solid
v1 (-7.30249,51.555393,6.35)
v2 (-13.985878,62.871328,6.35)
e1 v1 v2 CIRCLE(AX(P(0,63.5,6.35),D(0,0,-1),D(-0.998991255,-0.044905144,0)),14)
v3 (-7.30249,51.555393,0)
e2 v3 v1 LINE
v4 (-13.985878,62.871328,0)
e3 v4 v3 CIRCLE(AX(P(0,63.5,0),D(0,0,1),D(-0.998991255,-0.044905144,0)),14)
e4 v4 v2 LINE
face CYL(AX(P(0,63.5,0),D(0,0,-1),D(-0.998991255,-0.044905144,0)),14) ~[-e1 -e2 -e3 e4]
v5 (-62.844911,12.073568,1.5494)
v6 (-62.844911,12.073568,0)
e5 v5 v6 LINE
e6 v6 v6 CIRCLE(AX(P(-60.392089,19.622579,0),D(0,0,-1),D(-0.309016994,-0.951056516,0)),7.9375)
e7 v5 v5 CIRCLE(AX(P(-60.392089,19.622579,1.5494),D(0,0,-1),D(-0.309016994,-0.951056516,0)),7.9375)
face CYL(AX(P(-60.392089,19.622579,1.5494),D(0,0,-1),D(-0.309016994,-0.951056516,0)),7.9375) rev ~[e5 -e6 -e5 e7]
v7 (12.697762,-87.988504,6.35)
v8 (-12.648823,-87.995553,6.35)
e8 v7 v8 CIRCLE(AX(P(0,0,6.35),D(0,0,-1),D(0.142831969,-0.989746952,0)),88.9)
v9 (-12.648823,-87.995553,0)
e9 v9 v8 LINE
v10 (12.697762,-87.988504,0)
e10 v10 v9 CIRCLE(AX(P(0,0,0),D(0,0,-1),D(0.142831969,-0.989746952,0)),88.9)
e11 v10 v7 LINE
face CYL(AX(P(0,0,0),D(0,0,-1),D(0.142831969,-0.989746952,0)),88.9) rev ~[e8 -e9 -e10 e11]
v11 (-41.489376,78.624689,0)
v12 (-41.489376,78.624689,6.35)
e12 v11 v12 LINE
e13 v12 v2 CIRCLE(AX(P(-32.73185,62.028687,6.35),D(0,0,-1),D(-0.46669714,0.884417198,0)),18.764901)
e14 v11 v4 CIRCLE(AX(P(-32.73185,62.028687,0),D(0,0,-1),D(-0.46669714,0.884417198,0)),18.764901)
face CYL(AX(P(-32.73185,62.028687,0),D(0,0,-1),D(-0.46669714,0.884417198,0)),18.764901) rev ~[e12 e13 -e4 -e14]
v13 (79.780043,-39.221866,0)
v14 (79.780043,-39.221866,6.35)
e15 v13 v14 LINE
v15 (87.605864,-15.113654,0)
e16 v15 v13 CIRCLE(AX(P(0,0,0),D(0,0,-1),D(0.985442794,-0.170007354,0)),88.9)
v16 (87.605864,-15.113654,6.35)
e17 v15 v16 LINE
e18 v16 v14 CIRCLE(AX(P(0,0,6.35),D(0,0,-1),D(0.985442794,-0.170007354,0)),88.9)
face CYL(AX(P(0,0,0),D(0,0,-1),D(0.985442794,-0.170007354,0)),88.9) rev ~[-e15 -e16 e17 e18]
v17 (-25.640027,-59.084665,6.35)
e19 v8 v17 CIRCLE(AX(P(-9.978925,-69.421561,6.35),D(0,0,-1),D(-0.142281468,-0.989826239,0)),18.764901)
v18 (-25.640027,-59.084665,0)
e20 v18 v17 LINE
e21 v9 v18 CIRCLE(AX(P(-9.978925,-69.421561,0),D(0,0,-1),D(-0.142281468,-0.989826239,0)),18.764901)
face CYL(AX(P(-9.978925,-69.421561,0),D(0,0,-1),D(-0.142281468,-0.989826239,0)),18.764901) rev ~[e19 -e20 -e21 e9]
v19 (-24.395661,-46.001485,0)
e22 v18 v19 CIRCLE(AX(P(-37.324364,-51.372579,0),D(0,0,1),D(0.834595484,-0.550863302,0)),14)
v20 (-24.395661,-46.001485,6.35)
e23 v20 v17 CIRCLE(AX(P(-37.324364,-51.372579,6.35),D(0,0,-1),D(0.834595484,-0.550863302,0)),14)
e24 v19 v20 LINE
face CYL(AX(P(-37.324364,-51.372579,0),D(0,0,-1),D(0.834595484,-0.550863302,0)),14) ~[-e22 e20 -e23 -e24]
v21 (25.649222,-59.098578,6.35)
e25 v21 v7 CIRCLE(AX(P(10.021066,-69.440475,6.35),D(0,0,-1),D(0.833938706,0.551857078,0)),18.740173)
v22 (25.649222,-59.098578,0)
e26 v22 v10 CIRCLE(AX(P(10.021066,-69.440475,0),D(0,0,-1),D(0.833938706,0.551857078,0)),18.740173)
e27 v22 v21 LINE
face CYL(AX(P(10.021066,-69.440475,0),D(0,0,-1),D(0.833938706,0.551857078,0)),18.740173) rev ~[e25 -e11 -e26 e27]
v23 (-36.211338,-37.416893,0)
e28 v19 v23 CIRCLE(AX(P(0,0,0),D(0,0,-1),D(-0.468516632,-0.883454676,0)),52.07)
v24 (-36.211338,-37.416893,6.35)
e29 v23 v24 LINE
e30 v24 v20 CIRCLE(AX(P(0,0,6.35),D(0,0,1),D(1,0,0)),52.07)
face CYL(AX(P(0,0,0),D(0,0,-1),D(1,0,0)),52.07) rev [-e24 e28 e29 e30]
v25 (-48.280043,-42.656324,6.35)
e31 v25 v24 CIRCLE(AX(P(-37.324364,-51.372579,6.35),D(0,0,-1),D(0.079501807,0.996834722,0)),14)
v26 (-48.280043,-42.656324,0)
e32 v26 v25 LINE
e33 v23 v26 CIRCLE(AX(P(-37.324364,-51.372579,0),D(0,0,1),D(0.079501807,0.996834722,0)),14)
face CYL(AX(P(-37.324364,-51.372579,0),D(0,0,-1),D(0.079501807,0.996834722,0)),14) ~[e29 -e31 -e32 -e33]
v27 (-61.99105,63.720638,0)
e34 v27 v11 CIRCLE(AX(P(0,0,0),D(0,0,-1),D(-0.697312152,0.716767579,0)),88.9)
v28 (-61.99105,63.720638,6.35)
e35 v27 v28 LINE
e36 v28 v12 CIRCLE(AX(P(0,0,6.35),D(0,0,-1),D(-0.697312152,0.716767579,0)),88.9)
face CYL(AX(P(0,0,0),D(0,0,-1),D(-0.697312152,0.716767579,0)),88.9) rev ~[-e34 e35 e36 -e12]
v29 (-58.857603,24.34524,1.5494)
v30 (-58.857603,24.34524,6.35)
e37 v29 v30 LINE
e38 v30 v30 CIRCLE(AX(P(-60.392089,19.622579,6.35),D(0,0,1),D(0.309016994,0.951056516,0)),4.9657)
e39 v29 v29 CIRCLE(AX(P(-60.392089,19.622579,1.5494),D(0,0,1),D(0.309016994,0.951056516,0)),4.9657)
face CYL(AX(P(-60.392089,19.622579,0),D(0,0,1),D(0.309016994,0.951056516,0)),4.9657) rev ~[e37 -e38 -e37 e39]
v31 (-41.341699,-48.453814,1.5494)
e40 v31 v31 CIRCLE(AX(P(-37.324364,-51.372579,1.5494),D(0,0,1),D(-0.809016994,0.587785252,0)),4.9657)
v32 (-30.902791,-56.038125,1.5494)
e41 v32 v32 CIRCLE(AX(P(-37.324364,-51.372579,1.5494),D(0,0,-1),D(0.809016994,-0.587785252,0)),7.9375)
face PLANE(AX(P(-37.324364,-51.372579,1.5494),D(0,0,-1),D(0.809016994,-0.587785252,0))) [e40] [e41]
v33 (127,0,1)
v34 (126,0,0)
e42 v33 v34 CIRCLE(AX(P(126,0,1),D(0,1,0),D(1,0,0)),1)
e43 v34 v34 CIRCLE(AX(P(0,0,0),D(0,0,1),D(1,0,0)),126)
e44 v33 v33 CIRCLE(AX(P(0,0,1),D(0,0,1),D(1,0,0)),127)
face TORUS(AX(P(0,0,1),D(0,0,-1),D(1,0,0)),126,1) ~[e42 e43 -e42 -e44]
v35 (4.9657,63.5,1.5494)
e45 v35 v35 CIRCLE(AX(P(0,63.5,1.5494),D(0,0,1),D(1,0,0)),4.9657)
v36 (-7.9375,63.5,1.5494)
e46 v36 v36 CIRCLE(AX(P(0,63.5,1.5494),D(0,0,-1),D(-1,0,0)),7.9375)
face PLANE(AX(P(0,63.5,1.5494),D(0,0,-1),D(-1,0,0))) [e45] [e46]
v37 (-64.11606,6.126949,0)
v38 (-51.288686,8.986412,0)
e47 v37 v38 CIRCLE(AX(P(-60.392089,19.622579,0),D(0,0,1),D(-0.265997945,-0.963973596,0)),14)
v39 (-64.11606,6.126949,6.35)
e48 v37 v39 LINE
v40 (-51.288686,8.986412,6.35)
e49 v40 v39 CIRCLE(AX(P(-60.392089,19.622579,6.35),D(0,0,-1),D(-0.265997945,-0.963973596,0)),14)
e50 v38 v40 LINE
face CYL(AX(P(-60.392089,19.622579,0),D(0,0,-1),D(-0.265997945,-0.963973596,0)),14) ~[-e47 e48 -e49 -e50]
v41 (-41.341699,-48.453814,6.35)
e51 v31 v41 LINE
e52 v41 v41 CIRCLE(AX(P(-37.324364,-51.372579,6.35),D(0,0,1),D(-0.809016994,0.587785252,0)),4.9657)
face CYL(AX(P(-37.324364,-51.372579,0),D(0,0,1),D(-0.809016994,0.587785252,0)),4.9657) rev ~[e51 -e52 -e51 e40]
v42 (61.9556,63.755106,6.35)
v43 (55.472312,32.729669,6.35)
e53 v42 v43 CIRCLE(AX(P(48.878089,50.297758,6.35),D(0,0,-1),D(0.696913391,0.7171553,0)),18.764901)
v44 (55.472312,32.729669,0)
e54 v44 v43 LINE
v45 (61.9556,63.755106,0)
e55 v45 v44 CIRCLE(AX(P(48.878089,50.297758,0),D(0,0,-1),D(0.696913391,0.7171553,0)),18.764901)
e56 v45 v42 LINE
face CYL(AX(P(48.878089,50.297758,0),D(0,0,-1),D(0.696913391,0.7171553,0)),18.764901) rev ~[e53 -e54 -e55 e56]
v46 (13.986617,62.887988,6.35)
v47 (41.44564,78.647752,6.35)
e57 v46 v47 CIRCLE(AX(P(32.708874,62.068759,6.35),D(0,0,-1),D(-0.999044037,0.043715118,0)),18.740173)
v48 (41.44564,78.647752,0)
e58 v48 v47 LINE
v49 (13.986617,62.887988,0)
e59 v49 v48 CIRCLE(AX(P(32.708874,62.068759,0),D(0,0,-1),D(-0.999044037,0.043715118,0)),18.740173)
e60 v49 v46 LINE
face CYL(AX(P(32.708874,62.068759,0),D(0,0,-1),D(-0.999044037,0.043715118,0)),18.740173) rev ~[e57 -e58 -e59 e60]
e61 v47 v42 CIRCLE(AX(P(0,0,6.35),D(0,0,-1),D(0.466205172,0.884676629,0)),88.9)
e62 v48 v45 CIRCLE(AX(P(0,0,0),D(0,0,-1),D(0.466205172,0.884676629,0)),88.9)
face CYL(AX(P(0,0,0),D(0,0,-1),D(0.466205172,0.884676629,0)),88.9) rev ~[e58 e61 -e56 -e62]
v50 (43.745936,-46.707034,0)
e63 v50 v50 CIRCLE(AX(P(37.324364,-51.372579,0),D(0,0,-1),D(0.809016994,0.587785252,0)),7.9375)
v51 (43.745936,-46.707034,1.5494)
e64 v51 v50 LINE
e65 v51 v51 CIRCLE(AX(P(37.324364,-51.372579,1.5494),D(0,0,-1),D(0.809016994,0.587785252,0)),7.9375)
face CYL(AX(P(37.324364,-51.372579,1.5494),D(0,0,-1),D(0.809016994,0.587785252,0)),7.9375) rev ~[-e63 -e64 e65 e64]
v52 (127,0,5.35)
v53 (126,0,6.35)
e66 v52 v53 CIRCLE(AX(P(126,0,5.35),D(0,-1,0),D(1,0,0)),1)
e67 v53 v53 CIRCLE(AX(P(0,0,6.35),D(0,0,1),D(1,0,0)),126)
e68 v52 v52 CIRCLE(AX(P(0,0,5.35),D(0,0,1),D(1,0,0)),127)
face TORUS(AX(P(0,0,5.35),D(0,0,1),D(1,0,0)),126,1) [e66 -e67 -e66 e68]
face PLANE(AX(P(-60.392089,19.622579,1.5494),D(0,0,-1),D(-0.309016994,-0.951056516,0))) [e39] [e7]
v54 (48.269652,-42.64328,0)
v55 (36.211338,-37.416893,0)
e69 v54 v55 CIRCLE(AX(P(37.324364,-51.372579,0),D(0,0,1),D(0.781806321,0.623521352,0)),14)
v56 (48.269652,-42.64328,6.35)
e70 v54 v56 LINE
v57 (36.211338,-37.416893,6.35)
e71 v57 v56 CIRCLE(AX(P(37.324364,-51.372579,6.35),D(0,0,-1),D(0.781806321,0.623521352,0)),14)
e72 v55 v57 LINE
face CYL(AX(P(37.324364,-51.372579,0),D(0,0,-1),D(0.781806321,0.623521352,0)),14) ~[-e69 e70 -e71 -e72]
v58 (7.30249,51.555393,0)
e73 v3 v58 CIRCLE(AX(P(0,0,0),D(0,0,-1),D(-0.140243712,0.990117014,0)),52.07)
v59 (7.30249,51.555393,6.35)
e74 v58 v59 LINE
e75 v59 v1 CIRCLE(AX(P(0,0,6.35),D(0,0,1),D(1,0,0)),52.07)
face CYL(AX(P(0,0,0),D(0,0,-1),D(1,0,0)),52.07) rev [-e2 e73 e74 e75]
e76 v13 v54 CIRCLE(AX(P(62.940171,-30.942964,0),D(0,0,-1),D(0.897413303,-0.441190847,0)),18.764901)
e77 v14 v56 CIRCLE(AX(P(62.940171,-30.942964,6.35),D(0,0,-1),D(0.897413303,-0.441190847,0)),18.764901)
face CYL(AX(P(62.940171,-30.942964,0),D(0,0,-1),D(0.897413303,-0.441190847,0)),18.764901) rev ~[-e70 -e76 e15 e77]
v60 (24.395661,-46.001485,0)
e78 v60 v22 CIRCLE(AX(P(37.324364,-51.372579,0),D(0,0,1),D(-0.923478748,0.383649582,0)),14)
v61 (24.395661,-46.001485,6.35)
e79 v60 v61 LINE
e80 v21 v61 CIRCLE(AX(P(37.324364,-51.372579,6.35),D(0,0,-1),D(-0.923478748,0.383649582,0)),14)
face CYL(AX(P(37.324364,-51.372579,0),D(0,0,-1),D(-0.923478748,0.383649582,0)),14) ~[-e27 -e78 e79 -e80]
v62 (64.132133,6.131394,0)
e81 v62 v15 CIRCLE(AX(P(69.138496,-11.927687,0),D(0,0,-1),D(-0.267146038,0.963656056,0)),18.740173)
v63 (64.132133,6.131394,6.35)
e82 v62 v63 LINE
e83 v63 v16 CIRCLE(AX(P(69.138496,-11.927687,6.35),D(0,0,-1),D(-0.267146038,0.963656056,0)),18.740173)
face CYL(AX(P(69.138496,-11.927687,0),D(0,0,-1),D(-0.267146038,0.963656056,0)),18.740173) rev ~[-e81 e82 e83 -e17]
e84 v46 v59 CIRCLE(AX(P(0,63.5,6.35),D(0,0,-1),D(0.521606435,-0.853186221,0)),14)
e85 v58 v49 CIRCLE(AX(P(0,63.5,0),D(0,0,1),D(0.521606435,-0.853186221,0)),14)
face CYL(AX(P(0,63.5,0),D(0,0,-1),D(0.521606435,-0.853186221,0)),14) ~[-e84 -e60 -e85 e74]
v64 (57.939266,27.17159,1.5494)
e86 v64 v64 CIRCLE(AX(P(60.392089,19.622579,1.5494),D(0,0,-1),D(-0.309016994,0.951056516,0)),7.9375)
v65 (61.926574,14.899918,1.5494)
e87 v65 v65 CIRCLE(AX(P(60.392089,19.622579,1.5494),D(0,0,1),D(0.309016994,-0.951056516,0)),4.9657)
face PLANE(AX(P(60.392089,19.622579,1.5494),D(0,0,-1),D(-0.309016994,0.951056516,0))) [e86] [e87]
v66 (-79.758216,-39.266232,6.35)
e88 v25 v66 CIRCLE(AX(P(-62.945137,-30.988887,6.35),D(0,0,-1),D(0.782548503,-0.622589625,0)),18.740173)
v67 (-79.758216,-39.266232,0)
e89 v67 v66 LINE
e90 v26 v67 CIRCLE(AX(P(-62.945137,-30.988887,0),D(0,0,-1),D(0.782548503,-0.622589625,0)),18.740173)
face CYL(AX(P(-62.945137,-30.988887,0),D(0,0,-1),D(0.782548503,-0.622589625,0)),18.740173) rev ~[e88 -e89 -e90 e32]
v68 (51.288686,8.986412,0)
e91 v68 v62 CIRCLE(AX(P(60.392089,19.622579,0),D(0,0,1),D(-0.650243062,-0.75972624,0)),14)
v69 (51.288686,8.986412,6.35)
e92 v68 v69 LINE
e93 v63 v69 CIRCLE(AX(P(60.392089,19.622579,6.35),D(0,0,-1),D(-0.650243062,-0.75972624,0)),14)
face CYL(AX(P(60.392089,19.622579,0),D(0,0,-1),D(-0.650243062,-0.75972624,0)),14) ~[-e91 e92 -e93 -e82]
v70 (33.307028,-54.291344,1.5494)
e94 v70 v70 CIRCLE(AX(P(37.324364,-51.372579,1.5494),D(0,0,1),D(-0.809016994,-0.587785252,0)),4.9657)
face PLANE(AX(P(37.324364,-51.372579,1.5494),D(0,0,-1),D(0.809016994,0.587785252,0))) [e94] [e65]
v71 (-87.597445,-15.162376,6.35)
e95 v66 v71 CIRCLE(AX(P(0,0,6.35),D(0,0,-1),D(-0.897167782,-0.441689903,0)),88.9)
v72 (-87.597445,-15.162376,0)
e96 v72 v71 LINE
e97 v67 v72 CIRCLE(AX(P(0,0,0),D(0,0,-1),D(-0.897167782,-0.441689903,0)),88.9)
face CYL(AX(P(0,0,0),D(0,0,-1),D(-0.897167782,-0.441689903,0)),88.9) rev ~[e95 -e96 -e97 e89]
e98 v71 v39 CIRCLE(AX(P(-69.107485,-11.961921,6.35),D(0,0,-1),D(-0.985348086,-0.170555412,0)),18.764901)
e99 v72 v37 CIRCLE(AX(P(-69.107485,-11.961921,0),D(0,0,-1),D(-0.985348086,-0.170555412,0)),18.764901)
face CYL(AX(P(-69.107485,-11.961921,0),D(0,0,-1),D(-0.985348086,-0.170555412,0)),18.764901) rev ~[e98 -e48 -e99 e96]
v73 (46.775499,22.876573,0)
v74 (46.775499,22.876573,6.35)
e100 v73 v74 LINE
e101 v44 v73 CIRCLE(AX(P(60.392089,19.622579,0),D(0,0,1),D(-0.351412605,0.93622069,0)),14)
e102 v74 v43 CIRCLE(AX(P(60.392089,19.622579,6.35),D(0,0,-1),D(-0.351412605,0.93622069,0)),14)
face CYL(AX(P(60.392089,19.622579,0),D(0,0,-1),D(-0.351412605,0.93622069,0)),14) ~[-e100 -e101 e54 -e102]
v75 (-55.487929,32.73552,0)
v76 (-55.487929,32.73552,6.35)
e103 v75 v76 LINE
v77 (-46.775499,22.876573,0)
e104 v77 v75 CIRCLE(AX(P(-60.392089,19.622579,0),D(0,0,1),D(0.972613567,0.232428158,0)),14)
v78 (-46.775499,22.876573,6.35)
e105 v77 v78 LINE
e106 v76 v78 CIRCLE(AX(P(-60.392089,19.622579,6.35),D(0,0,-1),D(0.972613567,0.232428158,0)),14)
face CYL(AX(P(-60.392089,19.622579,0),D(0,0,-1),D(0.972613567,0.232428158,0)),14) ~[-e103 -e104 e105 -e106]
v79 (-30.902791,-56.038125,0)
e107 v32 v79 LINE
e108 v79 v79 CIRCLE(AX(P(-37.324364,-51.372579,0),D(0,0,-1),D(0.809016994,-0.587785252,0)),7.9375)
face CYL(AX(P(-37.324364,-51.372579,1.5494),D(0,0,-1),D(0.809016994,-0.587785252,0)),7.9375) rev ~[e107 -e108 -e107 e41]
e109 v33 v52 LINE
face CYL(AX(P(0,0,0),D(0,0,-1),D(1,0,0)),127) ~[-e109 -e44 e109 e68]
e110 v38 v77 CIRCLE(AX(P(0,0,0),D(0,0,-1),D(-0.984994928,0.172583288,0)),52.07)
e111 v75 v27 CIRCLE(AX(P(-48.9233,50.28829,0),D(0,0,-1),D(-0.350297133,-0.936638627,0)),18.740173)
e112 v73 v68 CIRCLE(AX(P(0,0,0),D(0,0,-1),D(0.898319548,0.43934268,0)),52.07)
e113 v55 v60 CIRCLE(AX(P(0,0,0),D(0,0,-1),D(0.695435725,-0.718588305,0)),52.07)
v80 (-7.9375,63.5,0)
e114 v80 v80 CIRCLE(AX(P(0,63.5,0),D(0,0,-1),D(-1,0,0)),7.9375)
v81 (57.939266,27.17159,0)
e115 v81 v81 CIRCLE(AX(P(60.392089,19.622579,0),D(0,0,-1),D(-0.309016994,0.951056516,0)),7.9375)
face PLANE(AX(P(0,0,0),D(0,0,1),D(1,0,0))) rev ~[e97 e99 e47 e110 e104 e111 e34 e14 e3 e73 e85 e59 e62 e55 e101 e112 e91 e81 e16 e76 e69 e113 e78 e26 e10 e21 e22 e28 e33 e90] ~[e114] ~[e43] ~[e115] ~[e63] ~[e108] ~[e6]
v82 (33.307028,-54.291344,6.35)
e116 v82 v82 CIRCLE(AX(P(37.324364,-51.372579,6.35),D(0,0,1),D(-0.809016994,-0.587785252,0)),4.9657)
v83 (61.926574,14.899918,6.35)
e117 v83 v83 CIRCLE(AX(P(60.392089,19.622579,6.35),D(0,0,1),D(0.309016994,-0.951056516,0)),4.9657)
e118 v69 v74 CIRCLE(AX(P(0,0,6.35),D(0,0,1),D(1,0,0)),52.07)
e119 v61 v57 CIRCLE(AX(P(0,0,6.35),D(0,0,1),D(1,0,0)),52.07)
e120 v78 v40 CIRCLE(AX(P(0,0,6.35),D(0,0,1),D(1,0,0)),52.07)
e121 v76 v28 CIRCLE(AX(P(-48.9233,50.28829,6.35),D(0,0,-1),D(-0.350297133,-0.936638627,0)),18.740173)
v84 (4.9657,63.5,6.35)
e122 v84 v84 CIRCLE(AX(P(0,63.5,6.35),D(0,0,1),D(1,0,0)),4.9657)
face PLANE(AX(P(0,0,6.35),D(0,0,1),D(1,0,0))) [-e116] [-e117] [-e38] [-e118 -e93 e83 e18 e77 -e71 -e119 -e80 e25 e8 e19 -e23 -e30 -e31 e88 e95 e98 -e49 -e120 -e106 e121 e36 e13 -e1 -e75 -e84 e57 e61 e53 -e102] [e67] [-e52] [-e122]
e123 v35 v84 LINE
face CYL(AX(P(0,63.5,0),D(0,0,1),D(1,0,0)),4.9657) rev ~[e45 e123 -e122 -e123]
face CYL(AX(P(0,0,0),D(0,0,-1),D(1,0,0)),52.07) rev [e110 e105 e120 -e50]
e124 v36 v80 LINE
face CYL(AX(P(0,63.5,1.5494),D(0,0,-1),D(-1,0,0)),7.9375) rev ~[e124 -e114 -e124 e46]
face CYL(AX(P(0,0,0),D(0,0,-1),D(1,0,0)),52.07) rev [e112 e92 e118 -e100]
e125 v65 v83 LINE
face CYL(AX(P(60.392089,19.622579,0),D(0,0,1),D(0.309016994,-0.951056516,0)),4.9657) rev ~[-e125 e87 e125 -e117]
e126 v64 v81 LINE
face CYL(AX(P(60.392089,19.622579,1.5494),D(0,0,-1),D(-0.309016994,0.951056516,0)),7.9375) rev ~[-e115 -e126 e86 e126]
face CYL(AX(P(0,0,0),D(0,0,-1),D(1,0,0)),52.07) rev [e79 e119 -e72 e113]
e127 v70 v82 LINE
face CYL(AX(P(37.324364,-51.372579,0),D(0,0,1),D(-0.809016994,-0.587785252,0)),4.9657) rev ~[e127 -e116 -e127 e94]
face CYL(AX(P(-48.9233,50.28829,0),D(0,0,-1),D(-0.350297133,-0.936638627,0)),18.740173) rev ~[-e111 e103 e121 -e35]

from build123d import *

# Parameters (mm, degrees)
SKETCH1_R                                        = 127
SKETCH1_R_2                                      = 52.07
BOSS_EXTRUDE1_DEPTH                              = 6.35
CBORE_FOR_3_8_SOCKET_HEAD_CAP_SCREW1_D           = 9.9314
CBORE_FOR_3_8_SOCKET_HEAD_CAP_SCREW1_CBORE_D     = 15.875
CBORE_FOR_3_8_SOCKET_HEAD_CAP_SCREW1_CBORE_DEPTH = 1.5494
CIRPATTERN1_COUNT                                = 5
CUT_EXTRUDE1_DEPTH                               = 180.717340566
FILLET1_R                                        = 1


with BuildPart() as part:
    # Sketch1 → Boss-Extrude1 (new body)
    with BuildSketch(Plane.XY):
        Circle(SKETCH1_R)
        Circle(SKETCH1_R_2, mode=Mode.SUBTRACT)
    extrude(amount=BOSS_EXTRUDE1_DEPTH)

    # CBORE for 3/8 Socket Head Cap Screw1 (through all)
    with Locations(Plane(origin=(0, 0, 0), x_dir=(-1, 0, 0), z_dir=(0, 0, -1))):
        with Locations((0, 63.5)):
            cbore_for_3_8_socket_head_cap_screw1 = CounterBoreHole(CBORE_FOR_3_8_SOCKET_HEAD_CAP_SCREW1_D / 2, CBORE_FOR_3_8_SOCKET_HEAD_CAP_SCREW1_CBORE_D / 2, CBORE_FOR_3_8_SOCKET_HEAD_CAP_SCREW1_CBORE_DEPTH)

    # CirPattern1: CBORE for 3/8 Socket Head Cap Screw1 ×5 about axis
    cirpattern1_axis = Axis((0, 0, 0), (0, 0, 1))
    for i in range(1, CIRPATTERN1_COUNT):
        add(cbore_for_3_8_socket_head_cap_screw1.rotate(cirpattern1_axis, i * 360 / CIRPATTERN1_COUNT), mode=Mode.SUBTRACT)

    # Sketch5 → Cut-Extrude1 (cut, through all)
    with BuildSketch(Plane(origin=(0, 0, 0), x_dir=(-1, 0, 0), z_dir=(0, 0, -1))):
        with BuildLine():
            ThreePointArc((-41.44563977, 78.647752314), (-52.234106188, 71.936139393), (-61.955600498, 63.755106203))
            ThreePointArc((-61.955600498, 63.755106203), (-67.246233615, 46.459424342), (-55.472312316, 32.729668808))
            ThreePointArc((-55.472312316, 32.729668808), (-49.895894595, 28.887022327), (-46.775498841, 22.876573349))
            ThreePointArc((-46.775498841, 22.876573349), (-49.521512803, 16.090514897), (-51.28868592, 8.986411775))
            ThreePointArc((-51.28868592, 8.986411775), (-57.354131533, 5.956167187), (-64.132133316, 6.131394358))
            ThreePointArc((-64.132133316, 6.131394358), (-81.713776835, 1.96678681), (-87.605864362, -15.11365374))
            ThreePointArc((-87.605864362, -15.11365374), (-84.556560625, -27.448097481), (-79.780042652, -39.22186628))
            ThreePointArc((-79.780042652, -39.22186628), (-64.965767259, -49.598217006), (-48.269652019, -42.64328022))
            ThreePointArc((-48.269652019, -42.64328022), (-42.8918702, -38.527234874), (-36.211338216, -37.416893037))
            ThreePointArc((-36.211338216, -37.416893037), (-30.605978087, -42.125514897), (-24.395661045, -46.001485))
            ThreePointArc((-24.395661045, -46.001485), (-23.388052957, -52.706463648), (-25.649221638, -59.098578238))
            ThreePointArc((-25.649221638, -59.098578238), (-27.121471128, -77.106649381), (-12.69776202, -87.98850402))
            ThreePointArc((-12.69776202, -87.98850402), (-0.02472225, -88.899996562), (12.648822515, -87.995552666))
            ThreePointArc((12.648822515, -87.995552666), (27.095181344, -77.112808233), (25.640026743, -59.084665376))
            ThreePointArc((25.640026743, -59.084665376), (23.38726097, -52.698162972), (24.395661045, -46.001485))
            ThreePointArc((24.395661045, -46.001485), (30.605978087, -42.125514897), (36.211338216, -37.416893037))
            ThreePointArc((36.211338216, -37.416893037), (42.899519875, -38.530553149), (48.280042559, -42.656324396))
            ThreePointArc((48.280042559, -42.656324396), (64.951785852, -49.621316886), (79.758215853, -39.266232363))
            ThreePointArc((79.758215853, -39.266232363), (84.541281434, -27.495121994), (87.597444884, -15.162376126))
            ThreePointArc((87.597444884, -15.162376126), (81.711510261, 1.939880549), (64.116060019, 6.126948804))
            ThreePointArc((64.116060019, 6.126948804), (57.345992383, 5.957979013), (51.28868592, 8.986411775))
            ThreePointArc((51.28868592, 8.986411775), (49.521512803, 16.090514897), (46.775498841, 22.876573349))
            ThreePointArc((46.775498841, 22.876573349), (49.901414341, 28.893272197), (55.487928918, 32.735519927))
            ThreePointArc((55.487928918, 32.735519927), (67.263882415, 46.438988979), (61.991050299, 63.720637809))
            ThreePointArc((61.991050299, 63.720637809), (52.274107628, 71.907076645), (41.48937575, 78.62468887))
            ThreePointArc((41.48937575, 78.62468887), (23.405309269, 78.311720347), (13.985877573, 62.871327984))
            ThreePointArc((13.985877573, 62.871327984), (12.054511442, 56.380396507), (7.302490092, 51.555392913))
            ThreePointArc((7.302490092, 51.555392913), (0, 52.07), (-7.302490092, 51.555392913))
            ThreePointArc((-7.302490092, 51.555392913), (-12.058749726, 56.387577413), (-13.986616522, 62.88798835))
            ThreePointArc((-13.986616522, 62.88798835), (-23.380420305, 78.322190478), (-41.44563977, 78.647752314))
        make_face()
    extrude(amount=-CUT_EXTRUDE1_DEPTH, mode=Mode.SUBTRACT)

    # Fillet1
    fillet1_edges = [part.edges().sort_by_distance(p)[0] for p in [
        (-127, 0, 0),
        (-127, 0, 6.35),
    ]]
    fillet(fillet1_edges, radius=FILLET1_R)


solid = part.part
